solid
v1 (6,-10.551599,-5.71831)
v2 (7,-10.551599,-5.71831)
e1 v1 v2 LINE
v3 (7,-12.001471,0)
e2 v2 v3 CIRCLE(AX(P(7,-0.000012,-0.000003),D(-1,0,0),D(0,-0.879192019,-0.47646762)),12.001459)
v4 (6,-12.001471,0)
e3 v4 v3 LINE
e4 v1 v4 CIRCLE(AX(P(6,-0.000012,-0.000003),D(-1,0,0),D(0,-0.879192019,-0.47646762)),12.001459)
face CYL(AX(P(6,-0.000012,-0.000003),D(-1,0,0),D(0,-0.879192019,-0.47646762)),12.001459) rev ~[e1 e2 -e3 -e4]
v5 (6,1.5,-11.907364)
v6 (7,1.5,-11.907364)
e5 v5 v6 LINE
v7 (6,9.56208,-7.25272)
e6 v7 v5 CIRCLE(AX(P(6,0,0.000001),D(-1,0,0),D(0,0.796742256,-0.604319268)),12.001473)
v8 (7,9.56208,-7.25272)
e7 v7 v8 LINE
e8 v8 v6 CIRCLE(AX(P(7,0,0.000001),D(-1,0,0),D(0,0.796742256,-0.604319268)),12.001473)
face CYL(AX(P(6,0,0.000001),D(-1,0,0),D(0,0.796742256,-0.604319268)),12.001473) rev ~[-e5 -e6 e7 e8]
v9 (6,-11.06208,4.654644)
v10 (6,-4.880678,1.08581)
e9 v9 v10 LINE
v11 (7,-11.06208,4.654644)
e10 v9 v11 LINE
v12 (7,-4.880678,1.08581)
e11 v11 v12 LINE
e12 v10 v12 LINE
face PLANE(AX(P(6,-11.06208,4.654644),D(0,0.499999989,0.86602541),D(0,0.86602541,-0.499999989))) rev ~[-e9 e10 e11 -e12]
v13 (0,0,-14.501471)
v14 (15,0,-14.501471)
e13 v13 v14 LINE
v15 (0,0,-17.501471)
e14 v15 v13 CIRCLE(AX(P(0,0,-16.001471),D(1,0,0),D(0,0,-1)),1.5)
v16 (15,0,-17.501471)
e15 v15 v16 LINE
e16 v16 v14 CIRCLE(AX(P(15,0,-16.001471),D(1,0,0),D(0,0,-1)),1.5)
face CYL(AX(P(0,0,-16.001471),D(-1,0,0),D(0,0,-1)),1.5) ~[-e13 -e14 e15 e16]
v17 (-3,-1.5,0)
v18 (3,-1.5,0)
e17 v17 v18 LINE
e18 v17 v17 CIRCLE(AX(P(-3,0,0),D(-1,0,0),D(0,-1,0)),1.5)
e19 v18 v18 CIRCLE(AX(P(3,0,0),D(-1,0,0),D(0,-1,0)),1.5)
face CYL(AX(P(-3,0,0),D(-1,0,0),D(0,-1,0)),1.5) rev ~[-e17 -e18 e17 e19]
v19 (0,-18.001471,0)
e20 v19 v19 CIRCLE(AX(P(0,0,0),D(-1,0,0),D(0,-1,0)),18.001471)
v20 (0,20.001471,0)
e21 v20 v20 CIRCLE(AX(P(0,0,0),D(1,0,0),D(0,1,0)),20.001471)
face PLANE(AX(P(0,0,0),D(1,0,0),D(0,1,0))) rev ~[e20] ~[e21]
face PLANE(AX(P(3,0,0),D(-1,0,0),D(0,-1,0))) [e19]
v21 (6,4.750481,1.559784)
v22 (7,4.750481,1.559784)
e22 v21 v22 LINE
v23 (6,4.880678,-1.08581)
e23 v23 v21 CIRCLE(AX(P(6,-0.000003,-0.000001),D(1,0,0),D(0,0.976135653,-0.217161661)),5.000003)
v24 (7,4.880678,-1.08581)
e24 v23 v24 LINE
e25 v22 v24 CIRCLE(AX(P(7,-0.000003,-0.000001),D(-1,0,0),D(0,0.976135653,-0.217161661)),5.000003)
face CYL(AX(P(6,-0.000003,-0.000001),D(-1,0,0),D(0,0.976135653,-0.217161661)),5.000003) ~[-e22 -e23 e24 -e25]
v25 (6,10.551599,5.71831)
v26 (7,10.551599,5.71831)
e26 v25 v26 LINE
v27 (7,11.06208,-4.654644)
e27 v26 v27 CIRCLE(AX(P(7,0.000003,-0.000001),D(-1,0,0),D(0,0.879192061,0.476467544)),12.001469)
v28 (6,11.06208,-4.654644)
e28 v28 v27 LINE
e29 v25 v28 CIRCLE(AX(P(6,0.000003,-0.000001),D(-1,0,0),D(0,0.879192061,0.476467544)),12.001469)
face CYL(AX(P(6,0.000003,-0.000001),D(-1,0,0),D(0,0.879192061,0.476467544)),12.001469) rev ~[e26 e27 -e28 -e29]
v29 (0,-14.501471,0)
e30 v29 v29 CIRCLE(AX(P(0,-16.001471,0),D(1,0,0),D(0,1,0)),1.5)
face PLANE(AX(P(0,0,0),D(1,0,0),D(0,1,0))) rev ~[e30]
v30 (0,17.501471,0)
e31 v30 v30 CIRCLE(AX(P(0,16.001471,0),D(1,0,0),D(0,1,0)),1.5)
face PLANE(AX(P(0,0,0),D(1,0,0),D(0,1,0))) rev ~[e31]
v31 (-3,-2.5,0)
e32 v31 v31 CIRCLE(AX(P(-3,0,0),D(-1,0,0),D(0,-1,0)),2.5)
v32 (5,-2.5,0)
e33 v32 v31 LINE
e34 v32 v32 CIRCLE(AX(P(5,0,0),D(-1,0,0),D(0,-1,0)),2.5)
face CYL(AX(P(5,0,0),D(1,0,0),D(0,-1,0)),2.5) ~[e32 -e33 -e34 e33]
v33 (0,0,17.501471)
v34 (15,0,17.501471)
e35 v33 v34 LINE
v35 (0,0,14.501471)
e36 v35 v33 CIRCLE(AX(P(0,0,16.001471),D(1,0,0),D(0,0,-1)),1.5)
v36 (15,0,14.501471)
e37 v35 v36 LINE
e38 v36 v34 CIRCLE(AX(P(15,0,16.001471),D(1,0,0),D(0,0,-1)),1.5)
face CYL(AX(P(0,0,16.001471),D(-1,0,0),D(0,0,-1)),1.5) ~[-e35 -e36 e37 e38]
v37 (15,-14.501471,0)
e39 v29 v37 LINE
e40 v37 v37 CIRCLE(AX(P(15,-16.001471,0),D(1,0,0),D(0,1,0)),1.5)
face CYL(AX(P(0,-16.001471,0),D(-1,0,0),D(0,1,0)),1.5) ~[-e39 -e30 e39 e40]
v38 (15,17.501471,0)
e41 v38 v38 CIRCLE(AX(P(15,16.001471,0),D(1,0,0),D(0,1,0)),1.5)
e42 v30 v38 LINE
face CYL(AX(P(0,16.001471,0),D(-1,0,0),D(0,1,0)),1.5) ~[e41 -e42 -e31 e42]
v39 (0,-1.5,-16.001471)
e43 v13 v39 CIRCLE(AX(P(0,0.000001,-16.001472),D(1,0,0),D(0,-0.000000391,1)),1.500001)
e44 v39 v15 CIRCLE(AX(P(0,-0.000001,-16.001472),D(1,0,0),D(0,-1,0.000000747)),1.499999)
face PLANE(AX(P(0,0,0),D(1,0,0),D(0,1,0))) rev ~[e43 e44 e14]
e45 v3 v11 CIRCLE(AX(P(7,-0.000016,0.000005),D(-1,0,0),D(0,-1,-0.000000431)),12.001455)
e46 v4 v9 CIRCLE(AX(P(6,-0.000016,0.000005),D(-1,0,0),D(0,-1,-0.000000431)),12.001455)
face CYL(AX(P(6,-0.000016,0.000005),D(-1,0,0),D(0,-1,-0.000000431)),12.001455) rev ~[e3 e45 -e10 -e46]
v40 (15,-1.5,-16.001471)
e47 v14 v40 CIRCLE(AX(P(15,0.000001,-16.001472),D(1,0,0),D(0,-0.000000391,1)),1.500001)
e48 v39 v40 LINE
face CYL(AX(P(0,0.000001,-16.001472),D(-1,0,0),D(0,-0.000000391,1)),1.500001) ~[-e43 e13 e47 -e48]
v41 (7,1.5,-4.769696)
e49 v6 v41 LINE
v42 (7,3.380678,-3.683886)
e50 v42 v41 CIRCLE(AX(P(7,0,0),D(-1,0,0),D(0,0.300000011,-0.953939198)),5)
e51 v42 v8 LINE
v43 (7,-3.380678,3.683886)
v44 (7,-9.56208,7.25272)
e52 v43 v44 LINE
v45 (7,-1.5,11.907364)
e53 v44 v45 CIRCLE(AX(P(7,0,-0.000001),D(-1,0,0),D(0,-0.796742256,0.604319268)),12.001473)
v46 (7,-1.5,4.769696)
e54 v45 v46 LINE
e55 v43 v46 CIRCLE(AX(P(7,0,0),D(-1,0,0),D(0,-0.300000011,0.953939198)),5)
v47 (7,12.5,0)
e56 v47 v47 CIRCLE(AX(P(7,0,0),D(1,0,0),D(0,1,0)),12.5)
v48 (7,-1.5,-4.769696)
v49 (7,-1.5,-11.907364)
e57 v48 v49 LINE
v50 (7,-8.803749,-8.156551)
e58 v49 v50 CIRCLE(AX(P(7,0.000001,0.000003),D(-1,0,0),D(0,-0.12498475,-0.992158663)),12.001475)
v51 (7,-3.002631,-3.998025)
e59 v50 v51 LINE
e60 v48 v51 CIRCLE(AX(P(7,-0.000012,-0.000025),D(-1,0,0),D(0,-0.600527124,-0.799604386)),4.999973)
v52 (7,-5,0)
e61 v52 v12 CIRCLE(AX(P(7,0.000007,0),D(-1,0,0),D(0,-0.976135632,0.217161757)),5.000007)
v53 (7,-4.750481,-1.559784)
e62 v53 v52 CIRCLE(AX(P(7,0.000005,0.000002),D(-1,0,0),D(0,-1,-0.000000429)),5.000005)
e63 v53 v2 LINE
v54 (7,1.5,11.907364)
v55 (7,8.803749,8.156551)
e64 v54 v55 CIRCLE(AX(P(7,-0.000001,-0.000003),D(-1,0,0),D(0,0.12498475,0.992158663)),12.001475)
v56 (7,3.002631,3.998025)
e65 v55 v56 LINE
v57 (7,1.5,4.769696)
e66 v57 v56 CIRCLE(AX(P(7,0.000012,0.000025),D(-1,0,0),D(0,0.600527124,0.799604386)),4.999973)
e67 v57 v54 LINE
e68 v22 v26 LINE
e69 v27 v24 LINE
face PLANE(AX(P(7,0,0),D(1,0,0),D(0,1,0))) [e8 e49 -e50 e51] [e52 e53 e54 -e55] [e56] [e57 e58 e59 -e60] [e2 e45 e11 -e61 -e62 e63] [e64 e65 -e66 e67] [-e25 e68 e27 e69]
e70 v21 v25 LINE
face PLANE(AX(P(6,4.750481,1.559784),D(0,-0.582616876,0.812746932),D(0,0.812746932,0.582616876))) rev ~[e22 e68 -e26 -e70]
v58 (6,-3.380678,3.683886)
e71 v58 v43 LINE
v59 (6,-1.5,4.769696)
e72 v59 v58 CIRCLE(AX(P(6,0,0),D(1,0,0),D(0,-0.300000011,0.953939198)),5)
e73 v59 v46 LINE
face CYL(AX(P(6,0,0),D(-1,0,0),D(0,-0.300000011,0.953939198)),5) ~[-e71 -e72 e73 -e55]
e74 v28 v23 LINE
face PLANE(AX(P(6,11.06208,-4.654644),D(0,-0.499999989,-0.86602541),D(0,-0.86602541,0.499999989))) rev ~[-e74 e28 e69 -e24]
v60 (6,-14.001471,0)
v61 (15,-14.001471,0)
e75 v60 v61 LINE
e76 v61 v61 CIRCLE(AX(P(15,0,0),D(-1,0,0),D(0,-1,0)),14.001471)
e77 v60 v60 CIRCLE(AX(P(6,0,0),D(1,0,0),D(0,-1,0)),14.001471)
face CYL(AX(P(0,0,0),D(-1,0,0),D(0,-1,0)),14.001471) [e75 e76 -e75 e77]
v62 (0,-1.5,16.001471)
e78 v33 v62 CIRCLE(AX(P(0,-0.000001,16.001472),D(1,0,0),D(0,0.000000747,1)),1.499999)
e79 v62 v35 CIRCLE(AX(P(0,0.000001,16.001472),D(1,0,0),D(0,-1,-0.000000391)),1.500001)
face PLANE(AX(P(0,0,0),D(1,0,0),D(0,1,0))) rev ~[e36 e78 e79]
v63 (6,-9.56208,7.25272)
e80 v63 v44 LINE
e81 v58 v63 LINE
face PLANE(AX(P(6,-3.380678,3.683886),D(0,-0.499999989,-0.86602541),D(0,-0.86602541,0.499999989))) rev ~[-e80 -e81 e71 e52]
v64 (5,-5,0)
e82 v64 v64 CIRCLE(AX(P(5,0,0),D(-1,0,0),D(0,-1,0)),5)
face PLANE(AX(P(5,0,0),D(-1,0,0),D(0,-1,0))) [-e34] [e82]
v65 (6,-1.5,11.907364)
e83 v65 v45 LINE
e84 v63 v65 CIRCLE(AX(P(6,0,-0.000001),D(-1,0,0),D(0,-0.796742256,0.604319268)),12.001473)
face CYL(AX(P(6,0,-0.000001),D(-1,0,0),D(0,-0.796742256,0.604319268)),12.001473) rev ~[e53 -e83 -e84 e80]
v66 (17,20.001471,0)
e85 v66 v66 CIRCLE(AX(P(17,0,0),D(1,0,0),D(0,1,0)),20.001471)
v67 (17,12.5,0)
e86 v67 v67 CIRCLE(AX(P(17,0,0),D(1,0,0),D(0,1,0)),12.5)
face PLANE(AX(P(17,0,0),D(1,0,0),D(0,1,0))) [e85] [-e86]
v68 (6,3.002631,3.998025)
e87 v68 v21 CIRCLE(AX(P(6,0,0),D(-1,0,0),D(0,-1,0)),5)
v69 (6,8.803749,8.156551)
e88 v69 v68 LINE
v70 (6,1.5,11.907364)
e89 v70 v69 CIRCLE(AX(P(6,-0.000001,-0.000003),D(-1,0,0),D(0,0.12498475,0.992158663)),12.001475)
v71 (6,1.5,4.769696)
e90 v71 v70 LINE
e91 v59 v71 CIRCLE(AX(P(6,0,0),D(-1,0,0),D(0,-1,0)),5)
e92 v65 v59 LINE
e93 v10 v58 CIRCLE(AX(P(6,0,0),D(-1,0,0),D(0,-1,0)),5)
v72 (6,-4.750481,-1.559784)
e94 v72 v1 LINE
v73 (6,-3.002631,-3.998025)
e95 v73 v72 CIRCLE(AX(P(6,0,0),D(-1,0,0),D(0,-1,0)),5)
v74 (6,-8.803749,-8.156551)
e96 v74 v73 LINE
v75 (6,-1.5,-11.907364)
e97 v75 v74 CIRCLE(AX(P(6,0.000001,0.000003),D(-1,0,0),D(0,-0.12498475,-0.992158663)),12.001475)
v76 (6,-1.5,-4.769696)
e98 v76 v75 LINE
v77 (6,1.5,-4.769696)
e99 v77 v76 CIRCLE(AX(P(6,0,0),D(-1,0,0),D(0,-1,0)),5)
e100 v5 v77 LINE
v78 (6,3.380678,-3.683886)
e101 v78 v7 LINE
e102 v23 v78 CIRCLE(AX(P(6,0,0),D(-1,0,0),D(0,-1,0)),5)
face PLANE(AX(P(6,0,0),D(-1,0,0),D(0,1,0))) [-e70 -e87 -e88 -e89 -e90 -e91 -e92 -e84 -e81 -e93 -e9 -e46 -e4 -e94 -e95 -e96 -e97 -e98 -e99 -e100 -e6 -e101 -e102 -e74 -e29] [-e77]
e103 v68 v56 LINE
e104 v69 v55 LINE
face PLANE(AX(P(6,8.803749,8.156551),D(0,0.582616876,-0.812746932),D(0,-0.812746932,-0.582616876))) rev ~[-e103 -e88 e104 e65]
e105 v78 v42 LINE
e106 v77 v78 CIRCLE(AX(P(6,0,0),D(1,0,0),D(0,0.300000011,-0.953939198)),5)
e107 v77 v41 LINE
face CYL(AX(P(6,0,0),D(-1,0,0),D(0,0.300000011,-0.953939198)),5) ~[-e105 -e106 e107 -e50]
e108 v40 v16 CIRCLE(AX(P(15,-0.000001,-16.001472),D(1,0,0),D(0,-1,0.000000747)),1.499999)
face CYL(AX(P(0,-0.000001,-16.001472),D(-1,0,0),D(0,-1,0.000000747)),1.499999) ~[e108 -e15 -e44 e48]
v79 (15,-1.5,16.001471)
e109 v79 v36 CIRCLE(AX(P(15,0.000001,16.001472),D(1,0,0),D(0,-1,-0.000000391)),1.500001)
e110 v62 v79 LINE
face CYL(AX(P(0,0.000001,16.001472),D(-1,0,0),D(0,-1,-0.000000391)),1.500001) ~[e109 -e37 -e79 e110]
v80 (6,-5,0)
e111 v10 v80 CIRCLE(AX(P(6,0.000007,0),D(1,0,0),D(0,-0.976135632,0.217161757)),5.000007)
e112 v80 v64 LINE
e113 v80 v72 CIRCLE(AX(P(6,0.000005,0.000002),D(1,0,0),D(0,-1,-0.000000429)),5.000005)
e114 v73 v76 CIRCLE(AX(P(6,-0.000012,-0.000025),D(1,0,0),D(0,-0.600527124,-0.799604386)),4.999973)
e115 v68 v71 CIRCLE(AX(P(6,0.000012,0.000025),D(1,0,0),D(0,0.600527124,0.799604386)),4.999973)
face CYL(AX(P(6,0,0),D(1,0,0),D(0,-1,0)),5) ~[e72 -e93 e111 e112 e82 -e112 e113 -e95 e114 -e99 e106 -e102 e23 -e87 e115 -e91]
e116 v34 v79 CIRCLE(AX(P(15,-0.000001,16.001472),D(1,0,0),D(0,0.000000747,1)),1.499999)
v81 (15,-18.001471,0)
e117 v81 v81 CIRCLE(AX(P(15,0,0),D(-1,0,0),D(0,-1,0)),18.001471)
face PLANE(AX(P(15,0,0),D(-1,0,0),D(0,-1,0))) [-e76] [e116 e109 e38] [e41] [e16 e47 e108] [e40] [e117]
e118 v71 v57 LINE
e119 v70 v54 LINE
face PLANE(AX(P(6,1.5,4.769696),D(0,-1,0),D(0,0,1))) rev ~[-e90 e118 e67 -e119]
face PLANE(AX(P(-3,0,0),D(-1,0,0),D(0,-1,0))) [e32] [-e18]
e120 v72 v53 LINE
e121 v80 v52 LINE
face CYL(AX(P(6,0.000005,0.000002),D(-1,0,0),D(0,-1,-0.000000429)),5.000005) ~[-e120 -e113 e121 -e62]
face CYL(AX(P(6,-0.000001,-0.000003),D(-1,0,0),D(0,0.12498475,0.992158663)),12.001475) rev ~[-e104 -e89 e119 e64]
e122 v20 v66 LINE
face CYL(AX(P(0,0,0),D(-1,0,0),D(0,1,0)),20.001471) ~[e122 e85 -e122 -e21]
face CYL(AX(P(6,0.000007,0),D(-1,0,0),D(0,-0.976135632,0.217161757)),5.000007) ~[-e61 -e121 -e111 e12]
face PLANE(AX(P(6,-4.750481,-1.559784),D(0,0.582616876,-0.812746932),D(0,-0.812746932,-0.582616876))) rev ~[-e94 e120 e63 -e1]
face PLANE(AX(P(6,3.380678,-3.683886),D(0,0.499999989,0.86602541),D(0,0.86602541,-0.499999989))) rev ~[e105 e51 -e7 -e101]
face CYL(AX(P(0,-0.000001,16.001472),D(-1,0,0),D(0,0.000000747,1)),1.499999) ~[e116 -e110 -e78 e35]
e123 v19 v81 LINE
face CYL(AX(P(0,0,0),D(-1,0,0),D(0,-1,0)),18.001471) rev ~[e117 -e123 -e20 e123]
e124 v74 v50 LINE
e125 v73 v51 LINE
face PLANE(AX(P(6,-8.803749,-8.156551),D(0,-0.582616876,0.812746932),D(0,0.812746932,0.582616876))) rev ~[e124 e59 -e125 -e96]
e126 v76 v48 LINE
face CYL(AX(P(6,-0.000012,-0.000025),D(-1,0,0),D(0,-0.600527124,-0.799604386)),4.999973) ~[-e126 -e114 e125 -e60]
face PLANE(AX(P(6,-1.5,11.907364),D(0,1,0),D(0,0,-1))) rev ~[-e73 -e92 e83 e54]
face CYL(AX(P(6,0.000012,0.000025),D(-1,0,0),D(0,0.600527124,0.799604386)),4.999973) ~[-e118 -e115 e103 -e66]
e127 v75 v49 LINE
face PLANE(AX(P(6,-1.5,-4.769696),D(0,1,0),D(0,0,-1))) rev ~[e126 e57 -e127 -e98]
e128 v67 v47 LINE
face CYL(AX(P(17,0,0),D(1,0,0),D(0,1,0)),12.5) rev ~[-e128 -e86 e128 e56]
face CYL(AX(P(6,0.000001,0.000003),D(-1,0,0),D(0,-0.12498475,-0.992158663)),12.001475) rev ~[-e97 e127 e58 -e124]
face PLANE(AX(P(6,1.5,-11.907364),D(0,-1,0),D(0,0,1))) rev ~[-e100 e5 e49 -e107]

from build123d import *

# Parameters (mm, degrees)
F0_R      = 20.001471
F1_DEPTH  = 17
F2_R      = 18.001471
F2_R_2    = 14.001471
F3_DEPTH  = 15
F3_FACE_R = 14.001471
F4_DEPTH  = 6
F6_DEPTH  = 25
F7_R      = 12.5
F8_DEPTH  = 10
F9_R      = 5
F10_DEPTH = 1
F11_R     = 2.5
F12_DEPTH = 8
F13_R     = 1.5
F14_DEPTH = 6


with BuildPart() as f1:
    # F0 (on Right) → F1 (new body)
    with BuildSketch(Plane.YZ):
        Circle(F0_R)
    extrude(amount=F1_DEPTH)

    # F2 (on face) → F3 (cut)
    with BuildSketch(Plane(origin=(0, 0, 0), x_dir=(0, -1, 0), z_dir=(-1, 0, 0))):
        Circle(F2_R)
        with BuildLine():
            ThreePointArc((0, -17.501471), (-1.5, -16.001471), (0, -14.501471))
            ThreePointArc((0, -14.501471), (1.06066, -14.940811), (1.5, -16.001471))
            ThreePointArc((1.5, -16.001471), (1.06066, -17.062132), (0, -17.501471))
        make_face(mode=Mode.SUBTRACT)
        with BuildLine():
            ThreePointArc((-14.501471, 0), (-16.001471, -1.5), (-17.501471, 0))
            ThreePointArc((-17.501471, 0), (-16.001471, 1.5), (-14.501471, 0))
        make_face(mode=Mode.SUBTRACT)
        Circle(F2_R_2, mode=Mode.SUBTRACT)
        with BuildLine():
            ThreePointArc((17.501471, 0), (16.001471, -1.5), (14.501471, 0))
            ThreePointArc((14.501471, 0), (16.001471, 1.5), (17.501471, 0))
        make_face(mode=Mode.SUBTRACT)
        with BuildLine():
            ThreePointArc((0, 14.501471), (-1.5, 16.001471), (0, 17.501471))
            ThreePointArc((0, 17.501471), (1.06066, 17.062132), (1.5, 16.001471))
            ThreePointArc((1.5, 16.001471), (1.06066, 14.940811), (0, 14.501471))
        make_face(mode=Mode.SUBTRACT)
    extrude(amount=-F3_DEPTH, mode=Mode.SUBTRACT)

    # F3_face (on face) → F4 (cut)
    with BuildSketch(Plane(origin=(0, 0, 0), x_dir=(0, 1, 0), z_dir=(-1, 0, 0))):
        Circle(F3_FACE_R)
    extrude(amount=-F4_DEPTH, mode=Mode.SUBTRACT)

    # F5 (on face) → F6 (cut)
    with BuildSketch(Plane(origin=(6, 0, 0), x_dir=(0, -1, 0), z_dir=(-1, 0, 0))):
        with BuildLine():
            Line((-11.06208, -4.654644), (-4.880678, -1.08581))
            ThreePointArc((-4.880678, -1.08581), (-4.993956, 0.245766), (-4.750481, 1.559784))
            Line((-4.750481, 1.559784), (-10.551599, 5.71831))
            ThreePointArc((-10.551599, 5.71831), (-11.986965, 0.58991), (-11.06208, -4.654644))
        make_face()
        with BuildLine():
            ThreePointArc((-3.002631, 3.998025), (-2.284139, 4.447776), (-1.5, 4.769696))
            Line((-1.5, 4.769696), (-1.5, 11.907364))
            ThreePointArc((-1.5, 11.907364), (-5.482605, 10.675971), (-8.803749, 8.156551))
            Line((-8.803749, 8.156551), (-3.002631, 3.998025))
        make_face()
        with BuildLine():
            ThreePointArc((1.5, 4.769696), (2.5, 4.330127), (3.380678, 3.683886))
            Line((3.380678, 3.683886), (9.56208, 7.25272))
            ThreePointArc((9.56208, 7.25272), (6.000736, 10.393579), (1.5, 11.907364))
            Line((1.5, 11.907364), (1.5, 4.769696))
        make_face()
        with BuildLine():
            ThreePointArc((4.880678, 1.08581), (4.97008, 0.546173), (5, 0))
            ThreePointArc((5, 0), (4.937226, -0.789808), (4.750481, -1.559784))
            Line((4.750481, -1.559784), (10.551599, -5.71831))
            ThreePointArc((10.551599, -5.71831), (11.633358, -2.949627), (12.001471, 0))
            ThreePointArc((12.001471, 0), (11.76428, 2.374245), (11.06208, 4.654644))
            Line((11.06208, 4.654644), (4.880678, 1.08581))
        make_face()
        with BuildLine():
            Line((8.803749, -8.156551), (3.002631, -3.998025))
            ThreePointArc((3.002631, -3.998025), (2.284139, -4.447776), (1.5, -4.769696))
            Line((1.5, -4.769696), (1.5, -11.907364))
            ThreePointArc((1.5, -11.907364), (5.482605, -10.675971), (8.803749, -8.156551))
        make_face()
        with BuildLine():
            Line((-1.5, -11.907364), (-1.5, -4.769696))
            ThreePointArc((-1.5, -4.769696), (-2.5, -4.330127), (-3.380678, -3.683886))
            Line((-3.380678, -3.683886), (-9.56208, -7.25272))
            ThreePointArc((-9.56208, -7.25272), (-6.000736, -10.393579), (-1.5, -11.907364))
        make_face()
    extrude(amount=-F6_DEPTH, mode=Mode.SUBTRACT)

    # F7 (on face) → F8 (cut)
    with BuildSketch(Plane.YZ.offset(17)):
        Circle(F7_R)
    extrude(amount=-F8_DEPTH, mode=Mode.SUBTRACT)

    # F9 (on face) → F10 (join)
    with BuildSketch(Plane(origin=(6, 0, 0), x_dir=(0, -1, 0), z_dir=(-1, 0, 0))):
        Circle(F9_R)
    extrude(amount=F10_DEPTH)

    # F11 (on face) → F12 (join)
    with BuildSketch(Plane(origin=(5, 0, 0), x_dir=(0, -1, 0), z_dir=(-1, 0, 0))):
        Circle(F11_R)
    extrude(amount=F12_DEPTH)

    # F13 (on face) → F14 (cut)
    with BuildSketch(Plane(origin=(-3, 0, 0), x_dir=(0, -1, 0), z_dir=(-1, 0, 0))):
        Circle(F13_R)
    extrude(amount=-F14_DEPTH, mode=Mode.SUBTRACT)


solid = f1.part
